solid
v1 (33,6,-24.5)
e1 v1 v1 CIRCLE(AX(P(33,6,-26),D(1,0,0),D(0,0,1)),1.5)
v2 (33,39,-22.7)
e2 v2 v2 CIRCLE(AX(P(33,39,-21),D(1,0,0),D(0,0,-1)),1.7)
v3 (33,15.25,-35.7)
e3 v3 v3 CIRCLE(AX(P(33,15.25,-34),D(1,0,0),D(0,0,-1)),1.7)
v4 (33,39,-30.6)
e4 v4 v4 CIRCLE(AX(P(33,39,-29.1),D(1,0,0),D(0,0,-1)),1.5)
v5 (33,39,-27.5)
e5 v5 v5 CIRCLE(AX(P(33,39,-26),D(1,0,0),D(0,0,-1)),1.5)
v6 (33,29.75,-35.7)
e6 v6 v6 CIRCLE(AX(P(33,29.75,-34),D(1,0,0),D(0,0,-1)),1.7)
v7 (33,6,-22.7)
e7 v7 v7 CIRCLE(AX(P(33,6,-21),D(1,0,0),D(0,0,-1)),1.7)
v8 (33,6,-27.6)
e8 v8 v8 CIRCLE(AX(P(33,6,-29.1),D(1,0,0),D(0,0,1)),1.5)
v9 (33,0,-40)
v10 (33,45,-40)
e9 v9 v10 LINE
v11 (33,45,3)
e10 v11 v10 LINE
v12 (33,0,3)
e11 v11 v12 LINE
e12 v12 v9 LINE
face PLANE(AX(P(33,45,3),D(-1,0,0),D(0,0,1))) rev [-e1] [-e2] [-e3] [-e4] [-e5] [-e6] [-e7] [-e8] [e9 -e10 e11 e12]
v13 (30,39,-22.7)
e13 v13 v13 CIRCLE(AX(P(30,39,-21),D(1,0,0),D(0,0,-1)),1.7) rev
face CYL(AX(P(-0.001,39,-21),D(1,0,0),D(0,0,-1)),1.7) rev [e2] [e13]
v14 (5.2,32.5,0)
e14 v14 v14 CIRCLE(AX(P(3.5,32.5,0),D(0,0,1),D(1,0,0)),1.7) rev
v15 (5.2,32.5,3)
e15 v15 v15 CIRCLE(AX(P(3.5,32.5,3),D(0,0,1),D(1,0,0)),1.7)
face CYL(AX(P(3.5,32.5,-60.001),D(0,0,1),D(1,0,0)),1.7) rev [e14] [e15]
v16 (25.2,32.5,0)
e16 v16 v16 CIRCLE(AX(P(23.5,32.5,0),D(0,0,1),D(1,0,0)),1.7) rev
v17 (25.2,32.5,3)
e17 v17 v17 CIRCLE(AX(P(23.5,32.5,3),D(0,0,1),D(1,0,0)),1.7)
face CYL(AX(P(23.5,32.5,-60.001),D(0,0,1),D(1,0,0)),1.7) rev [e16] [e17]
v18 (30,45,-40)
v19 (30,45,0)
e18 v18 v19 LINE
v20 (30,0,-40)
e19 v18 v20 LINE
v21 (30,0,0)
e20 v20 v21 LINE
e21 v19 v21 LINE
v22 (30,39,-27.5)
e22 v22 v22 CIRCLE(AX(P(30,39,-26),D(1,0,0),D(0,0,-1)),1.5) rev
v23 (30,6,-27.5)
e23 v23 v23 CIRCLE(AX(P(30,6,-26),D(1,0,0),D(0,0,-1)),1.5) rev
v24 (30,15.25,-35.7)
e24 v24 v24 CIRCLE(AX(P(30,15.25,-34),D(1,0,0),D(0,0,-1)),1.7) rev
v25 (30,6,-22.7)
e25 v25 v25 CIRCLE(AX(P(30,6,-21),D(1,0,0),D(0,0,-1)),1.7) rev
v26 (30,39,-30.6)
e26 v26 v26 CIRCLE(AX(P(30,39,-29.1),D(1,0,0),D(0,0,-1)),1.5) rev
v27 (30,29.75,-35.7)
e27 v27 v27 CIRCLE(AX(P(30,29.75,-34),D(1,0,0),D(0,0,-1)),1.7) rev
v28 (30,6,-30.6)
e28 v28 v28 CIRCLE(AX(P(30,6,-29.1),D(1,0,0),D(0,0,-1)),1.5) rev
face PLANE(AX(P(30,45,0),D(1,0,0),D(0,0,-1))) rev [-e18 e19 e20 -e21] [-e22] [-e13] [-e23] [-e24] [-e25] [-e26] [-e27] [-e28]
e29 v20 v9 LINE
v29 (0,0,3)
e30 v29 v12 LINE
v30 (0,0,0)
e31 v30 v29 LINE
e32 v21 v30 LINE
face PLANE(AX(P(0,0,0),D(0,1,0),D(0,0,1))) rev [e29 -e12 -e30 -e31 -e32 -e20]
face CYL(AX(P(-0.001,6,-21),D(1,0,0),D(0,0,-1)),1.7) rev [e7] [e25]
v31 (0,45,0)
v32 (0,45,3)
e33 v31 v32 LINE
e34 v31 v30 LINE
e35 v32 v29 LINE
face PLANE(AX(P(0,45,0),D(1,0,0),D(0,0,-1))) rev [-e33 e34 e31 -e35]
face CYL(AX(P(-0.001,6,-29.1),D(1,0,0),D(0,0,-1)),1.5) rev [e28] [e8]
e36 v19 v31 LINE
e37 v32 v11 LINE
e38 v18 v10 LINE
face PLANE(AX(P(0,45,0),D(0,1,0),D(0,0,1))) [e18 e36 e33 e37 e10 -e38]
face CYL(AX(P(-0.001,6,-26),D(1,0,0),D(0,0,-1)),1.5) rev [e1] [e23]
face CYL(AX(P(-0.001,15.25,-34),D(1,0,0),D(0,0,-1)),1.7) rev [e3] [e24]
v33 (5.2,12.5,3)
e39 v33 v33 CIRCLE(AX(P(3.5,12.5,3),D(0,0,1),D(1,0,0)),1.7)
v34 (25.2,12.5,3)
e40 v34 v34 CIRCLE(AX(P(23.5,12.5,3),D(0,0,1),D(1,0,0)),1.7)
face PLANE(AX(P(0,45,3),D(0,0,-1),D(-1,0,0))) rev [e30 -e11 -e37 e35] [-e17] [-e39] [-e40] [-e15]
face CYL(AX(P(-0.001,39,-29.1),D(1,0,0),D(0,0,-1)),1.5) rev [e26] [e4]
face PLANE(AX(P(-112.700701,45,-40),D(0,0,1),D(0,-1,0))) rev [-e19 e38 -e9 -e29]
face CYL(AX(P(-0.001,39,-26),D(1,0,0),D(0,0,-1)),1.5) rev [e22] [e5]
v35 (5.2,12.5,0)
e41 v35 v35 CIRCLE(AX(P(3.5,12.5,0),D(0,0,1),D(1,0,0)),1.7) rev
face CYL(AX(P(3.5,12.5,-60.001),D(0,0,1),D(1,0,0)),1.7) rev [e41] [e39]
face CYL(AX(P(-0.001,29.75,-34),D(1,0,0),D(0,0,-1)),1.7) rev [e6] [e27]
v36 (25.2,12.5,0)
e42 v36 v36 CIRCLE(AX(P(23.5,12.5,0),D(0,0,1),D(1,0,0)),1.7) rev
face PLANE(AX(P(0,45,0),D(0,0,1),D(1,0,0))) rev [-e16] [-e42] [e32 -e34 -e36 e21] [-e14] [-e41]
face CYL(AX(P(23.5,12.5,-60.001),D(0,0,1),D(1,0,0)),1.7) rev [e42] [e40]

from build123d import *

# Parameters (mm, degrees)
EXTRUDE_1_DEPTH          = 45
CUT_EXTRUDE_1_REACH      = 86.161
SKETCH_2_R               = 1.7
CUT_EXTRUDE_2_REACH      = 83.939
SKETCH_3_R               = 1.7
SKETCH_3_R_2             = 1.5
CUT_EXTRUDE_3_DEPTH      = 81.777472107
CUT_EXTRUDE_3_DEPTH_BACK = 81.777472107


with BuildPart() as part:
    # 草图1 → 凸台-拉伸1 (new body)
    with BuildSketch(Plane(origin=(0, 0, 0), x_dir=(1, 0, 0), z_dir=(0, 1, 0))):
        Polygon((0, 0), (30, 0), (30, 60), (33, 60), (33, -3), (0, -3), align=None)
    extrude(amount=EXTRUDE_1_DEPTH)

    # 草图2 → 切除-拉伸1 (cut, up to next)
    with BuildSketch(Plane.XY.offset(3), mode=Mode.PRIVATE) as cut_extrude_1_sk1:
        with Locations((3.5, 32.5)):
            Circle(SKETCH_2_R)
    cut_extrude_1_tool1 = extrude(cut_extrude_1_sk1.sketch, amount=-CUT_EXTRUDE_1_REACH, mode=Mode.PRIVATE) & part.part
    # 草图2 → 切除-拉伸1 (cut, up to next)
    with BuildSketch(Plane.XY.offset(3), mode=Mode.PRIVATE) as cut_extrude_1_sk2:
        with Locations((23.5, 32.5)):
            Circle(SKETCH_2_R)
    cut_extrude_1_tool2 = extrude(cut_extrude_1_sk2.sketch, amount=-CUT_EXTRUDE_1_REACH, mode=Mode.PRIVATE) & part.part
    # 草图2 → 切除-拉伸1 (cut, up to next)
    with BuildSketch(Plane.XY.offset(3), mode=Mode.PRIVATE) as cut_extrude_1_sk3:
        with Locations((23.5, 12.5)):
            Circle(SKETCH_2_R)
    cut_extrude_1_tool3 = extrude(cut_extrude_1_sk3.sketch, amount=-CUT_EXTRUDE_1_REACH, mode=Mode.PRIVATE) & part.part
    # 草图2 → 切除-拉伸1 (cut, up to next)
    with BuildSketch(Plane.XY.offset(3), mode=Mode.PRIVATE) as cut_extrude_1_sk4:
        with Locations((3.5, 12.5)):
            Circle(SKETCH_2_R)
    cut_extrude_1_tool4 = extrude(cut_extrude_1_sk4.sketch, amount=-CUT_EXTRUDE_1_REACH, mode=Mode.PRIVATE) & part.part
    add(cut_extrude_1_tool1.solids().sort_by_distance((3.5, 32.5, 3))[0], mode=Mode.SUBTRACT)
    add(cut_extrude_1_tool2.solids().sort_by_distance((23.5, 32.5, 3))[0], mode=Mode.SUBTRACT)
    add(cut_extrude_1_tool3.solids().sort_by_distance((23.5, 12.5, 3))[0], mode=Mode.SUBTRACT)
    add(cut_extrude_1_tool4.solids().sort_by_distance((3.5, 12.5, 3))[0], mode=Mode.SUBTRACT)

    # 草图3 → 切除-拉伸2 (cut, up to next)
    with BuildSketch(Plane(origin=(33, 0, 0), x_dir=(0, 0, -1), z_dir=(1, 0, 0)), mode=Mode.PRIVATE) as cut_extrude_2_sk1:
        with Locations((21, 6)):
            Circle(SKETCH_3_R)
    cut_extrude_2_tool1 = extrude(cut_extrude_2_sk1.sketch, amount=-CUT_EXTRUDE_2_REACH, mode=Mode.PRIVATE) & part.part
    # 草图3 → 切除-拉伸2 (cut, up to next)
    with BuildSketch(Plane(origin=(33, 0, 0), x_dir=(0, 0, -1), z_dir=(1, 0, 0)), mode=Mode.PRIVATE) as cut_extrude_2_sk2:
        with Locations((21, 39)):
            Circle(SKETCH_3_R)
    cut_extrude_2_tool2 = extrude(cut_extrude_2_sk2.sketch, amount=-CUT_EXTRUDE_2_REACH, mode=Mode.PRIVATE) & part.part
    # 草图3 → 切除-拉伸2 (cut, up to next)
    with BuildSketch(Plane(origin=(33, 0, 0), x_dir=(0, 0, -1), z_dir=(1, 0, 0)), mode=Mode.PRIVATE) as cut_extrude_2_sk3:
        with Locations((34, 15.25)):
            Circle(SKETCH_3_R)
    cut_extrude_2_tool3 = extrude(cut_extrude_2_sk3.sketch, amount=-CUT_EXTRUDE_2_REACH, mode=Mode.PRIVATE) & part.part
    # 草图3 → 切除-拉伸2 (cut, up to next)
    with BuildSketch(Plane(origin=(33, 0, 0), x_dir=(0, 0, -1), z_dir=(1, 0, 0)), mode=Mode.PRIVATE) as cut_extrude_2_sk4:
        with Locations((34, 29.75)):
            Circle(SKETCH_3_R)
    cut_extrude_2_tool4 = extrude(cut_extrude_2_sk4.sketch, amount=-CUT_EXTRUDE_2_REACH, mode=Mode.PRIVATE) & part.part
    # 草图3 → 切除-拉伸2 (cut, up to next)
    with BuildSketch(Plane(origin=(33, 0, 0), x_dir=(0, 0, -1), z_dir=(1, 0, 0)), mode=Mode.PRIVATE) as cut_extrude_2_sk5:
        with Locations((26, 39)):
            Circle(SKETCH_3_R_2)
    cut_extrude_2_tool5 = extrude(cut_extrude_2_sk5.sketch, amount=-CUT_EXTRUDE_2_REACH, mode=Mode.PRIVATE) & part.part
    # 草图3 → 切除-拉伸2 (cut, up to next)
    with BuildSketch(Plane(origin=(33, 0, 0), x_dir=(0, 0, -1), z_dir=(1, 0, 0)), mode=Mode.PRIVATE) as cut_extrude_2_sk6:
        with Locations((29.1, 6)):
            Circle(SKETCH_3_R_2)
    cut_extrude_2_tool6 = extrude(cut_extrude_2_sk6.sketch, amount=-CUT_EXTRUDE_2_REACH, mode=Mode.PRIVATE) & part.part
    # 草图3 → 切除-拉伸2 (cut, up to next)
    with BuildSketch(Plane(origin=(33, 0, 0), x_dir=(0, 0, -1), z_dir=(1, 0, 0)), mode=Mode.PRIVATE) as cut_extrude_2_sk7:
        with Locations((29.1, 39)):
            Circle(SKETCH_3_R_2)
    cut_extrude_2_tool7 = extrude(cut_extrude_2_sk7.sketch, amount=-CUT_EXTRUDE_2_REACH, mode=Mode.PRIVATE) & part.part
    # 草图3 → 切除-拉伸2 (cut, up to next)
    with BuildSketch(Plane(origin=(33, 0, 0), x_dir=(0, 0, -1), z_dir=(1, 0, 0)), mode=Mode.PRIVATE) as cut_extrude_2_sk8:
        with Locations((26, 6)):
            Circle(SKETCH_3_R_2)
    cut_extrude_2_tool8 = extrude(cut_extrude_2_sk8.sketch, amount=-CUT_EXTRUDE_2_REACH, mode=Mode.PRIVATE) & part.part
    add(cut_extrude_2_tool1.solids().sort_by_distance((33, 6, -21))[0], mode=Mode.SUBTRACT)
    add(cut_extrude_2_tool2.solids().sort_by_distance((33, 39, -21))[0], mode=Mode.SUBTRACT)
    add(cut_extrude_2_tool3.solids().sort_by_distance((33, 15.25, -34))[0], mode=Mode.SUBTRACT)
    add(cut_extrude_2_tool4.solids().sort_by_distance((33, 29.75, -34))[0], mode=Mode.SUBTRACT)
    add(cut_extrude_2_tool5.solids().sort_by_distance((33, 39, -26))[0], mode=Mode.SUBTRACT)
    add(cut_extrude_2_tool6.solids().sort_by_distance((33, 6, -29.1))[0], mode=Mode.SUBTRACT)
    add(cut_extrude_2_tool7.solids().sort_by_distance((33, 39, -29.1))[0], mode=Mode.SUBTRACT)
    add(cut_extrude_2_tool8.solids().sort_by_distance((33, 6, -26))[0], mode=Mode.SUBTRACT)

    # 草图4 → 切除-拉伸3 (cut, two sides: drawn at the far end of the back side and taken through both)
    with BuildSketch(Plane.ZY.offset(-30).offset(-CUT_EXTRUDE_3_DEPTH_BACK)):
        Polygon((-40, 179.482930557), (-40, 45), (-40, 0), (-40, -134.482930557), (-308.965861114, -134.482930557), (-308.965861114, 179.482930557), align=None)
    extrude(amount=CUT_EXTRUDE_3_DEPTH + CUT_EXTRUDE_3_DEPTH_BACK, mode=Mode.SUBTRACT)


solid = part.part
